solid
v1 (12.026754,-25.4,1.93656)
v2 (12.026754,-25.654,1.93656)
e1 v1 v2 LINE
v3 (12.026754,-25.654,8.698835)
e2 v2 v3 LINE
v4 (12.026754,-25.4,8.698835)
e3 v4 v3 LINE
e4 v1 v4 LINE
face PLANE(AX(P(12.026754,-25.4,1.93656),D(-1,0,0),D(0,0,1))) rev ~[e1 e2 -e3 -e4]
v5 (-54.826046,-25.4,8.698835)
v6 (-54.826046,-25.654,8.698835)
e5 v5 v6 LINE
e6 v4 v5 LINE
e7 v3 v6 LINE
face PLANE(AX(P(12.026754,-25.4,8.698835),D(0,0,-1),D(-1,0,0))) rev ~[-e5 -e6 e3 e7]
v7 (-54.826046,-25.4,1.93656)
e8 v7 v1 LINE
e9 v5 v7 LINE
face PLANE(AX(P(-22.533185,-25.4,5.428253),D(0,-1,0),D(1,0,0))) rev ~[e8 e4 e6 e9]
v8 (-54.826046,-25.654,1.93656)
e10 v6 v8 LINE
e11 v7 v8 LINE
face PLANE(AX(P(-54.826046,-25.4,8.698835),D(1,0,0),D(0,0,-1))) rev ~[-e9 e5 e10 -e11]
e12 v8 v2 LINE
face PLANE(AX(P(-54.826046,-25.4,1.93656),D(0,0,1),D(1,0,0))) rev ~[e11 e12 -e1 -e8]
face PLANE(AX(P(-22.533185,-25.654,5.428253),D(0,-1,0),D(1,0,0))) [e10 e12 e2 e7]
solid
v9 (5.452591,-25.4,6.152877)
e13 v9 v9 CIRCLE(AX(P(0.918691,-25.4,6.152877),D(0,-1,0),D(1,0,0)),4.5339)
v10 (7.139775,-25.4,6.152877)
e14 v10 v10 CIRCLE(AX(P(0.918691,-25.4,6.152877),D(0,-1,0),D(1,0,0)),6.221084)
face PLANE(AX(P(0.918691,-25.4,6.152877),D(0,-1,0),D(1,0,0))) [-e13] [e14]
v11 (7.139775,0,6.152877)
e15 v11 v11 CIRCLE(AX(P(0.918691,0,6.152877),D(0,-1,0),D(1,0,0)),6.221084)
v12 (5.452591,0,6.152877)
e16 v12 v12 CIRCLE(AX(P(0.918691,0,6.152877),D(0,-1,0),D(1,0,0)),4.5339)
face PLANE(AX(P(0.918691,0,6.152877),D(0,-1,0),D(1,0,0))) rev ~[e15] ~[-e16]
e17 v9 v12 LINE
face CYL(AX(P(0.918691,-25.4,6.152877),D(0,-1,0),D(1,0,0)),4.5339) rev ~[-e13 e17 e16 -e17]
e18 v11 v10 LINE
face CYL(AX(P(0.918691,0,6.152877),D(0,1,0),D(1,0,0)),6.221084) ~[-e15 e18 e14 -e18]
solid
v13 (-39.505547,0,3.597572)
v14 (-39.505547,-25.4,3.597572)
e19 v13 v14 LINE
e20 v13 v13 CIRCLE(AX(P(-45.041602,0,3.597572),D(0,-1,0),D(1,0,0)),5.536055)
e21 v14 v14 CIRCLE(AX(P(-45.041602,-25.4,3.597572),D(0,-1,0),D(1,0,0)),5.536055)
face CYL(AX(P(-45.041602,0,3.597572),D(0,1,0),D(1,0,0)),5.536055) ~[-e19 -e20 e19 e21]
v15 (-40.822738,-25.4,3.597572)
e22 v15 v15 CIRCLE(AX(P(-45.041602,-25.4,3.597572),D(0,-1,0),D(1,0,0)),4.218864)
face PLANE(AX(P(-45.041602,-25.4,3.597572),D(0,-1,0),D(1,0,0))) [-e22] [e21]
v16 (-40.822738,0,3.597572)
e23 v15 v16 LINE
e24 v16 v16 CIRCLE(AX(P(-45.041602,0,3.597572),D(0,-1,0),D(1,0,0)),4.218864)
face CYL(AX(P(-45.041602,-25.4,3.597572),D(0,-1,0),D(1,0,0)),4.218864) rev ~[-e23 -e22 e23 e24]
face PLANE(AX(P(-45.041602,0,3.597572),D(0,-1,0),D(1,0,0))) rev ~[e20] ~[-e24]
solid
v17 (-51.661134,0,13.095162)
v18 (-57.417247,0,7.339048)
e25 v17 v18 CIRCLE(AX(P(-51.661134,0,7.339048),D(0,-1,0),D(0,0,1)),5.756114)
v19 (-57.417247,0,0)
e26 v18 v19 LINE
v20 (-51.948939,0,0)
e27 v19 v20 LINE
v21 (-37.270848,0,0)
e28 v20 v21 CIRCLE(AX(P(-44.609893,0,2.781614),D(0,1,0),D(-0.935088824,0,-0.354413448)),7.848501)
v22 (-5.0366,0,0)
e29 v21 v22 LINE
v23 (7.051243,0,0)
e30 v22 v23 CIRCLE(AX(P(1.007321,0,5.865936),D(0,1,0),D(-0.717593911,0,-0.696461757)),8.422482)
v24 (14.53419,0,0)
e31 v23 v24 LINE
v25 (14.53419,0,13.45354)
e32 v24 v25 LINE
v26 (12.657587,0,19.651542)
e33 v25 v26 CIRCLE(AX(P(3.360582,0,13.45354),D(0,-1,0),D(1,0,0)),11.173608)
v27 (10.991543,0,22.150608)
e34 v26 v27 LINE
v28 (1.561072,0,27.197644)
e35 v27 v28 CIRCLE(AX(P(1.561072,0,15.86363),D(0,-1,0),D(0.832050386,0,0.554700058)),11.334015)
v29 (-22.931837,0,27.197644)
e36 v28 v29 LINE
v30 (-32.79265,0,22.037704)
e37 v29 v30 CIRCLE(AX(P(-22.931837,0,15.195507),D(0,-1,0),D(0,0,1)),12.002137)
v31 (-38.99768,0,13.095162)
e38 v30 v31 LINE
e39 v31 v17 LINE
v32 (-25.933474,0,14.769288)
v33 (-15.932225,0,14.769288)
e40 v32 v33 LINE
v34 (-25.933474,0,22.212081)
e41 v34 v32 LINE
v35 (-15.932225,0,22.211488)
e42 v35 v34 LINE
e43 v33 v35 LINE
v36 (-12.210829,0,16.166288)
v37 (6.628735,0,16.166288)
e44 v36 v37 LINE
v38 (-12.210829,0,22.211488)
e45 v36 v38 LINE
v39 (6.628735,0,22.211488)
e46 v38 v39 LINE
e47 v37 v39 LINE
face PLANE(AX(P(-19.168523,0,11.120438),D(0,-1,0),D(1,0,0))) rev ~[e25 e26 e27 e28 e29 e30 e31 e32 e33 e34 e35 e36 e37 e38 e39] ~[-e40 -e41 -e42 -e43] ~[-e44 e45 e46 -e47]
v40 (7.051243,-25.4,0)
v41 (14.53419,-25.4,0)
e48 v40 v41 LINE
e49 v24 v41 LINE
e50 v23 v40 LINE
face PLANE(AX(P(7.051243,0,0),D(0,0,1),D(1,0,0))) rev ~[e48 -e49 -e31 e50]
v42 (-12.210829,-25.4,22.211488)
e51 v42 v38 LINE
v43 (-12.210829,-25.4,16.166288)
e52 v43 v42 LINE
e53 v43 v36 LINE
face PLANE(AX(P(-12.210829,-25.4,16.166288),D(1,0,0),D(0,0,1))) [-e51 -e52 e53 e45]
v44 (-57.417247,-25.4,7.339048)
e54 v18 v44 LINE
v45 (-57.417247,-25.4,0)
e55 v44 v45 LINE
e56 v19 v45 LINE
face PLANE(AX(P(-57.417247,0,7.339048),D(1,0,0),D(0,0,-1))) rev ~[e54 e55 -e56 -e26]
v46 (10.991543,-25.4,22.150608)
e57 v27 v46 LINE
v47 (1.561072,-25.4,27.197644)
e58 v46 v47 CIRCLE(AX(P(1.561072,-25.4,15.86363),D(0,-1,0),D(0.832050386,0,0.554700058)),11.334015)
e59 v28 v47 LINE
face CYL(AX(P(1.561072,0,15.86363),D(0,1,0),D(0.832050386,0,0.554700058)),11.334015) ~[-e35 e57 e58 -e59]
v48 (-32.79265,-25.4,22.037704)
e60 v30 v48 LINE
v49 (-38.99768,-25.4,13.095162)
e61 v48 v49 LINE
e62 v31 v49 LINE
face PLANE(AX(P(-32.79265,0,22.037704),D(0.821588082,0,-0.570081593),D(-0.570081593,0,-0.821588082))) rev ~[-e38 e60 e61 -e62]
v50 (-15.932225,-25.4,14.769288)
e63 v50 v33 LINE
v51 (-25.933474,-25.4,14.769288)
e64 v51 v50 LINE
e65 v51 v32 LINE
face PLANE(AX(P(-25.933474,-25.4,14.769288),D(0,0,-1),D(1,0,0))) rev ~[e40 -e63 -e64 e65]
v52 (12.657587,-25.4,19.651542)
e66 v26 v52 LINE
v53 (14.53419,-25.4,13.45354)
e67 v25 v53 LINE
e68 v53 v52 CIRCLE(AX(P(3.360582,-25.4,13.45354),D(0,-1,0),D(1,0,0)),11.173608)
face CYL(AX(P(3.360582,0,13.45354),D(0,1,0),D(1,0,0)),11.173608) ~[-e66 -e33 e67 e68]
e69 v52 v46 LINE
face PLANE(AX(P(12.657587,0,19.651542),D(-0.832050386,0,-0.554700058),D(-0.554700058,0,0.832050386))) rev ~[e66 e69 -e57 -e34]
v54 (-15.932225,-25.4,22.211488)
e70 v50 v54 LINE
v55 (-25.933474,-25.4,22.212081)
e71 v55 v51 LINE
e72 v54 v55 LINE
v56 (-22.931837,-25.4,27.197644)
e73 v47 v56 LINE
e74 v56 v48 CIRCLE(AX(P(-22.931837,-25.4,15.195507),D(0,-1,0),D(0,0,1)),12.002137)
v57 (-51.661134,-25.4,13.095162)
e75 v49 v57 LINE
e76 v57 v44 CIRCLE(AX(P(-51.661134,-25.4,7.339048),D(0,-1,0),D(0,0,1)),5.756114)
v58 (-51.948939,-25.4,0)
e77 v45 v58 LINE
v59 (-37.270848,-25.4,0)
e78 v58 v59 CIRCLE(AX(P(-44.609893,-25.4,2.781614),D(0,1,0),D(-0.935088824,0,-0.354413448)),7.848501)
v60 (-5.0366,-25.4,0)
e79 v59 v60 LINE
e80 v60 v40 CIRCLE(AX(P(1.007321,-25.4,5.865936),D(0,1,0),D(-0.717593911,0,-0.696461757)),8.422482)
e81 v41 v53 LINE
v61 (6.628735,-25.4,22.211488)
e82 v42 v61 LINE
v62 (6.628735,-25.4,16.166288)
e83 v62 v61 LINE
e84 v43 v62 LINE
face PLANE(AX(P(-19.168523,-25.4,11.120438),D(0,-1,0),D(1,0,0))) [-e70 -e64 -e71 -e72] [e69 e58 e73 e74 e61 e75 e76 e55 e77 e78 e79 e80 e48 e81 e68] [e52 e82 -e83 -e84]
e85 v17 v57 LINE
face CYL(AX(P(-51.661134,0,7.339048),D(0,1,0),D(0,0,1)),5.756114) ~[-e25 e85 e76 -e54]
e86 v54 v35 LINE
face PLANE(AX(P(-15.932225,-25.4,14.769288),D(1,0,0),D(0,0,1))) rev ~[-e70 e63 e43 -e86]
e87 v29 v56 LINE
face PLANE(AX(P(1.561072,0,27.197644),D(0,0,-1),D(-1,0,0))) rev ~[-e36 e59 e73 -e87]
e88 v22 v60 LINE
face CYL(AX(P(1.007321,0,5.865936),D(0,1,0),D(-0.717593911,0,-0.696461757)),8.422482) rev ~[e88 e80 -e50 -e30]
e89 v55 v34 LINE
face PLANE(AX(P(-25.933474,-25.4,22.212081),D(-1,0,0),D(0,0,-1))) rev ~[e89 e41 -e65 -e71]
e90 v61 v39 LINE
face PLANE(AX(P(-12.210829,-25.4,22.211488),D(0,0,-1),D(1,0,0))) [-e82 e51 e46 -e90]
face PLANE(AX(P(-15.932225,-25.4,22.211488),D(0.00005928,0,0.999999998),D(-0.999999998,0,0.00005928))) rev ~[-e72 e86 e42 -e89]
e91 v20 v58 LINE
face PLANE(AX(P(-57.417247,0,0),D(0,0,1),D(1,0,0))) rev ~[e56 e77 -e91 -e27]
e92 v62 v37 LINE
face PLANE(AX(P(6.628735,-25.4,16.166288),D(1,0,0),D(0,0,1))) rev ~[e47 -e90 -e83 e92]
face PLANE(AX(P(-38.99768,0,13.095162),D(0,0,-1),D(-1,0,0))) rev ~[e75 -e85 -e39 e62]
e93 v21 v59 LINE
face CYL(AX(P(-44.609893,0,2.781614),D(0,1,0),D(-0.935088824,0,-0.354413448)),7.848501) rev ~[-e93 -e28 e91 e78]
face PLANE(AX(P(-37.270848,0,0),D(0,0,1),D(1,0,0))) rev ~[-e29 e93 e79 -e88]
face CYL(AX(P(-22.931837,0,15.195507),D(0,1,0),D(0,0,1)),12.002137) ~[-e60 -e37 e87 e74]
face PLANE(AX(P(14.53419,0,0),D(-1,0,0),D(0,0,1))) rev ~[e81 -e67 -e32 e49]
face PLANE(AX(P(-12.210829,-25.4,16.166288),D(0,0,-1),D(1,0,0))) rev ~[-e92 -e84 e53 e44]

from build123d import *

# Parameters (mm, degrees)
F1_DEPTH  = 25.4
F2_R      = 5.5360546203
F3_DEPTH  = 25.4
F4_DEPTH  = 25.4
F2_R_2    = 6.2210843251
F6_DEPTH  = 25.4
F7_R      = 4.2188641231
F8_DEPTH  = 25.4
F9_R      = 4.5339
F10_DEPTH = 25.4
F11_W     = 18.8395641744
F11_H     = 6.0452
F12_DEPTH = 25.4
F14_DEPTH = 0.254


with BuildPart() as f1:
    # F0 (on Front) → F1 (new body)
    with BuildSketch(Plane.XZ):
        with BuildLine():
            Line((-57.4172474444, 7.3390481994), (-57.4172474444, 0))
            Line((-57.4172474444, 0), (-51.9489385188, 0))
            ThreePointArc((-51.9489385188, 0), (-44.6098931134, 10.6301150636), (-37.270847708, 0))
            Line((-37.270847708, 0), (-5.0366003998, 0))
            ThreePointArc((-5.0366003998, 0), (1.0073210578, 14.2884177934), (7.0512425154, 0))
            Line((7.0512425154, 0), (14.5341902971, 0))
            Line((14.5341902971, 0), (14.5341902971, 13.4535404691))
            ThreePointArc((14.5341902971, 13.4535404691), (14.0547536864, 16.6914740863), (12.6575871379, 19.6515415194))
            Line((12.6575871379, 19.6515415194), (10.9915433626, 22.1506080808))
            ThreePointArc((10.9915433626, 22.1506080808), (6.9091175886, 25.8565418479), (1.5610721514, 27.1976441145))
            Line((1.5610721514, 27.1976441145), (0, 27.1976441145))
            Line((0, 27.1976441145), (-22.9318366948, 27.1976441145))
            ThreePointArc((-22.9318366948, 27.1976441145), (-28.4964708638, 25.8297038573), (-32.7926497885, 22.0377043017))
            Line((-32.7926497885, 22.0377043017), (-38.9976799488, 13.0951618776))
            Line((-38.9976799488, 13.0951618776), (-51.6611337662, 13.0951618776))
            ThreePointArc((-51.6611337662, 13.0951618776), (-55.7313207813, 11.4092352145), (-57.4172474444, 7.3390481994))
        make_face()
    extrude(amount=F1_DEPTH)

    # F5 (on face) → F6 (cut)
    with BuildSketch(Plane.XZ.offset(25.4)):
        Polygon((-15.9322246909, 22.2114877799), (-25.9334743023, 22.2120806575), (-25.9334743023, 14.7692877799), (-15.9322246909, 14.7692877799), align=None)
    extrude(amount=-F6_DEPTH, mode=Mode.SUBTRACT)

    # F11 (on face) → F12 (cut)
    with BuildSketch(Plane.XZ.offset(25.4)):
        with Locations((-2.7910470963, 19.1888877799)):
            Rectangle(F11_W, F11_H)
    extrude(amount=-F12_DEPTH, mode=Mode.SUBTRACT)


with BuildPart() as f3:
    # F2 (on Front) → F3 (new body)
    with BuildSketch(Plane.XZ):
        with Locations((-45.0416021049, 3.597572213)):
            Circle(F2_R)
    extrude(amount=F3_DEPTH)

    # F2 (on Front) → F4 (join)
    with BuildSketch(Plane.XZ):
        with Locations((-45.0416021049, 3.597572213)):
            Circle(F2_R)
    extrude(amount=F4_DEPTH)

    # F7 (on face) → F8 (cut)
    with BuildSketch(Plane.XZ.offset(25.4)):
        with Locations((-45.0416021049, 3.597572213)):
            Circle(F7_R)
    extrude(amount=-F8_DEPTH, mode=Mode.SUBTRACT)


with BuildPart() as f4:
    # F2 (on Front) → F4, piece 2 (new body)
    with BuildSketch(Plane.XZ):
        with Locations((0.9186911047, 6.1528771184)):
            Circle(F2_R_2)
    extrude(amount=F4_DEPTH)

    # F9 (on face) → F10 (cut)
    with BuildSketch(Plane.XZ.offset(25.4)):
        with Locations((0.9186911047, 6.1528771184)):
            Circle(F9_R)
    extrude(amount=-F10_DEPTH, mode=Mode.SUBTRACT)


with BuildPart() as f14:
    # F13 (on face) → F14 (new body)
    with BuildSketch(Plane.XZ.offset(25.4)):
        with BuildLine():
            Line((-6.9244429038, 8.6988350376), (-39.4537838029, 8.6988350376))
            ThreePointArc((-39.4537838029, 8.6988350376), (-37.3012745222, 5.6422189833), (-36.8070187444, 1.9365599146))
            Line((-36.8070187444, 1.9365599146), (-6.4423901031, 1.9365599146))
            ThreePointArc((-6.4423901031, 1.9365599146), (-7.3938416859, 5.2670543948), (-6.9244429038, 8.6988350376))
        make_face()
        with BuildLine():
            Line((-49.7660024239, 8.6988350376), (-54.8260457921, 8.6988350376))
            Line((-54.8260457921, 8.6988350376), (-54.8260457921, 1.9365599146))
            Line((-54.8260457921, 1.9365599146), (-52.4127674823, 1.9365599146))
            ThreePointArc((-52.4127674823, 1.9365599146), (-51.9185117045, 5.6422189833), (-49.7660024239, 8.6988350376))
        make_face()
        with BuildLine():
            Line((-39.4537838029, 8.6988350376), (-49.7660024239, 8.6988350376))
            ThreePointArc((-49.7660024239, 8.6988350376), (-51.9185117045, 5.6422189833), (-52.4127674823, 1.9365599146))
            Line((-52.4127674823, 1.9365599146), (-36.8070187444, 1.9365599146))
            ThreePointArc((-36.8070187444, 1.9365599146), (-37.3012745222, 5.6422189833), (-39.4537838029, 8.6988350376))
        make_face()
        with BuildLine():
            Line((8.9390850195, 8.6988350376), (-6.9244429038, 8.6988350376))
            ThreePointArc((-6.9244429038, 8.6988350376), (-7.3938416859, 5.2670543948), (-6.4423901031, 1.9365599146))
            Line((-6.4423901031, 1.9365599146), (8.4570322187, 1.9365599146))
            ThreePointArc((8.4570322187, 1.9365599146), (9.4084838016, 5.2670543948), (8.9390850195, 8.6988350376))
        make_face()
        with BuildLine():
            Line((12.0267542079, 8.6988350376), (8.9390850195, 8.6988350376))
            ThreePointArc((8.9390850195, 8.6988350376), (9.4084838016, 5.2670543948), (8.4570322187, 1.9365599146))
            Line((8.4570322187, 1.9365599146), (12.0267542079, 1.9365599146))
            Line((12.0267542079, 1.9365599146), (12.0267542079, 8.6988350376))
        make_face()
    extrude(amount=F14_DEPTH)


solid = Compound([f1.part, f3.part, f4.part, f14.part])
